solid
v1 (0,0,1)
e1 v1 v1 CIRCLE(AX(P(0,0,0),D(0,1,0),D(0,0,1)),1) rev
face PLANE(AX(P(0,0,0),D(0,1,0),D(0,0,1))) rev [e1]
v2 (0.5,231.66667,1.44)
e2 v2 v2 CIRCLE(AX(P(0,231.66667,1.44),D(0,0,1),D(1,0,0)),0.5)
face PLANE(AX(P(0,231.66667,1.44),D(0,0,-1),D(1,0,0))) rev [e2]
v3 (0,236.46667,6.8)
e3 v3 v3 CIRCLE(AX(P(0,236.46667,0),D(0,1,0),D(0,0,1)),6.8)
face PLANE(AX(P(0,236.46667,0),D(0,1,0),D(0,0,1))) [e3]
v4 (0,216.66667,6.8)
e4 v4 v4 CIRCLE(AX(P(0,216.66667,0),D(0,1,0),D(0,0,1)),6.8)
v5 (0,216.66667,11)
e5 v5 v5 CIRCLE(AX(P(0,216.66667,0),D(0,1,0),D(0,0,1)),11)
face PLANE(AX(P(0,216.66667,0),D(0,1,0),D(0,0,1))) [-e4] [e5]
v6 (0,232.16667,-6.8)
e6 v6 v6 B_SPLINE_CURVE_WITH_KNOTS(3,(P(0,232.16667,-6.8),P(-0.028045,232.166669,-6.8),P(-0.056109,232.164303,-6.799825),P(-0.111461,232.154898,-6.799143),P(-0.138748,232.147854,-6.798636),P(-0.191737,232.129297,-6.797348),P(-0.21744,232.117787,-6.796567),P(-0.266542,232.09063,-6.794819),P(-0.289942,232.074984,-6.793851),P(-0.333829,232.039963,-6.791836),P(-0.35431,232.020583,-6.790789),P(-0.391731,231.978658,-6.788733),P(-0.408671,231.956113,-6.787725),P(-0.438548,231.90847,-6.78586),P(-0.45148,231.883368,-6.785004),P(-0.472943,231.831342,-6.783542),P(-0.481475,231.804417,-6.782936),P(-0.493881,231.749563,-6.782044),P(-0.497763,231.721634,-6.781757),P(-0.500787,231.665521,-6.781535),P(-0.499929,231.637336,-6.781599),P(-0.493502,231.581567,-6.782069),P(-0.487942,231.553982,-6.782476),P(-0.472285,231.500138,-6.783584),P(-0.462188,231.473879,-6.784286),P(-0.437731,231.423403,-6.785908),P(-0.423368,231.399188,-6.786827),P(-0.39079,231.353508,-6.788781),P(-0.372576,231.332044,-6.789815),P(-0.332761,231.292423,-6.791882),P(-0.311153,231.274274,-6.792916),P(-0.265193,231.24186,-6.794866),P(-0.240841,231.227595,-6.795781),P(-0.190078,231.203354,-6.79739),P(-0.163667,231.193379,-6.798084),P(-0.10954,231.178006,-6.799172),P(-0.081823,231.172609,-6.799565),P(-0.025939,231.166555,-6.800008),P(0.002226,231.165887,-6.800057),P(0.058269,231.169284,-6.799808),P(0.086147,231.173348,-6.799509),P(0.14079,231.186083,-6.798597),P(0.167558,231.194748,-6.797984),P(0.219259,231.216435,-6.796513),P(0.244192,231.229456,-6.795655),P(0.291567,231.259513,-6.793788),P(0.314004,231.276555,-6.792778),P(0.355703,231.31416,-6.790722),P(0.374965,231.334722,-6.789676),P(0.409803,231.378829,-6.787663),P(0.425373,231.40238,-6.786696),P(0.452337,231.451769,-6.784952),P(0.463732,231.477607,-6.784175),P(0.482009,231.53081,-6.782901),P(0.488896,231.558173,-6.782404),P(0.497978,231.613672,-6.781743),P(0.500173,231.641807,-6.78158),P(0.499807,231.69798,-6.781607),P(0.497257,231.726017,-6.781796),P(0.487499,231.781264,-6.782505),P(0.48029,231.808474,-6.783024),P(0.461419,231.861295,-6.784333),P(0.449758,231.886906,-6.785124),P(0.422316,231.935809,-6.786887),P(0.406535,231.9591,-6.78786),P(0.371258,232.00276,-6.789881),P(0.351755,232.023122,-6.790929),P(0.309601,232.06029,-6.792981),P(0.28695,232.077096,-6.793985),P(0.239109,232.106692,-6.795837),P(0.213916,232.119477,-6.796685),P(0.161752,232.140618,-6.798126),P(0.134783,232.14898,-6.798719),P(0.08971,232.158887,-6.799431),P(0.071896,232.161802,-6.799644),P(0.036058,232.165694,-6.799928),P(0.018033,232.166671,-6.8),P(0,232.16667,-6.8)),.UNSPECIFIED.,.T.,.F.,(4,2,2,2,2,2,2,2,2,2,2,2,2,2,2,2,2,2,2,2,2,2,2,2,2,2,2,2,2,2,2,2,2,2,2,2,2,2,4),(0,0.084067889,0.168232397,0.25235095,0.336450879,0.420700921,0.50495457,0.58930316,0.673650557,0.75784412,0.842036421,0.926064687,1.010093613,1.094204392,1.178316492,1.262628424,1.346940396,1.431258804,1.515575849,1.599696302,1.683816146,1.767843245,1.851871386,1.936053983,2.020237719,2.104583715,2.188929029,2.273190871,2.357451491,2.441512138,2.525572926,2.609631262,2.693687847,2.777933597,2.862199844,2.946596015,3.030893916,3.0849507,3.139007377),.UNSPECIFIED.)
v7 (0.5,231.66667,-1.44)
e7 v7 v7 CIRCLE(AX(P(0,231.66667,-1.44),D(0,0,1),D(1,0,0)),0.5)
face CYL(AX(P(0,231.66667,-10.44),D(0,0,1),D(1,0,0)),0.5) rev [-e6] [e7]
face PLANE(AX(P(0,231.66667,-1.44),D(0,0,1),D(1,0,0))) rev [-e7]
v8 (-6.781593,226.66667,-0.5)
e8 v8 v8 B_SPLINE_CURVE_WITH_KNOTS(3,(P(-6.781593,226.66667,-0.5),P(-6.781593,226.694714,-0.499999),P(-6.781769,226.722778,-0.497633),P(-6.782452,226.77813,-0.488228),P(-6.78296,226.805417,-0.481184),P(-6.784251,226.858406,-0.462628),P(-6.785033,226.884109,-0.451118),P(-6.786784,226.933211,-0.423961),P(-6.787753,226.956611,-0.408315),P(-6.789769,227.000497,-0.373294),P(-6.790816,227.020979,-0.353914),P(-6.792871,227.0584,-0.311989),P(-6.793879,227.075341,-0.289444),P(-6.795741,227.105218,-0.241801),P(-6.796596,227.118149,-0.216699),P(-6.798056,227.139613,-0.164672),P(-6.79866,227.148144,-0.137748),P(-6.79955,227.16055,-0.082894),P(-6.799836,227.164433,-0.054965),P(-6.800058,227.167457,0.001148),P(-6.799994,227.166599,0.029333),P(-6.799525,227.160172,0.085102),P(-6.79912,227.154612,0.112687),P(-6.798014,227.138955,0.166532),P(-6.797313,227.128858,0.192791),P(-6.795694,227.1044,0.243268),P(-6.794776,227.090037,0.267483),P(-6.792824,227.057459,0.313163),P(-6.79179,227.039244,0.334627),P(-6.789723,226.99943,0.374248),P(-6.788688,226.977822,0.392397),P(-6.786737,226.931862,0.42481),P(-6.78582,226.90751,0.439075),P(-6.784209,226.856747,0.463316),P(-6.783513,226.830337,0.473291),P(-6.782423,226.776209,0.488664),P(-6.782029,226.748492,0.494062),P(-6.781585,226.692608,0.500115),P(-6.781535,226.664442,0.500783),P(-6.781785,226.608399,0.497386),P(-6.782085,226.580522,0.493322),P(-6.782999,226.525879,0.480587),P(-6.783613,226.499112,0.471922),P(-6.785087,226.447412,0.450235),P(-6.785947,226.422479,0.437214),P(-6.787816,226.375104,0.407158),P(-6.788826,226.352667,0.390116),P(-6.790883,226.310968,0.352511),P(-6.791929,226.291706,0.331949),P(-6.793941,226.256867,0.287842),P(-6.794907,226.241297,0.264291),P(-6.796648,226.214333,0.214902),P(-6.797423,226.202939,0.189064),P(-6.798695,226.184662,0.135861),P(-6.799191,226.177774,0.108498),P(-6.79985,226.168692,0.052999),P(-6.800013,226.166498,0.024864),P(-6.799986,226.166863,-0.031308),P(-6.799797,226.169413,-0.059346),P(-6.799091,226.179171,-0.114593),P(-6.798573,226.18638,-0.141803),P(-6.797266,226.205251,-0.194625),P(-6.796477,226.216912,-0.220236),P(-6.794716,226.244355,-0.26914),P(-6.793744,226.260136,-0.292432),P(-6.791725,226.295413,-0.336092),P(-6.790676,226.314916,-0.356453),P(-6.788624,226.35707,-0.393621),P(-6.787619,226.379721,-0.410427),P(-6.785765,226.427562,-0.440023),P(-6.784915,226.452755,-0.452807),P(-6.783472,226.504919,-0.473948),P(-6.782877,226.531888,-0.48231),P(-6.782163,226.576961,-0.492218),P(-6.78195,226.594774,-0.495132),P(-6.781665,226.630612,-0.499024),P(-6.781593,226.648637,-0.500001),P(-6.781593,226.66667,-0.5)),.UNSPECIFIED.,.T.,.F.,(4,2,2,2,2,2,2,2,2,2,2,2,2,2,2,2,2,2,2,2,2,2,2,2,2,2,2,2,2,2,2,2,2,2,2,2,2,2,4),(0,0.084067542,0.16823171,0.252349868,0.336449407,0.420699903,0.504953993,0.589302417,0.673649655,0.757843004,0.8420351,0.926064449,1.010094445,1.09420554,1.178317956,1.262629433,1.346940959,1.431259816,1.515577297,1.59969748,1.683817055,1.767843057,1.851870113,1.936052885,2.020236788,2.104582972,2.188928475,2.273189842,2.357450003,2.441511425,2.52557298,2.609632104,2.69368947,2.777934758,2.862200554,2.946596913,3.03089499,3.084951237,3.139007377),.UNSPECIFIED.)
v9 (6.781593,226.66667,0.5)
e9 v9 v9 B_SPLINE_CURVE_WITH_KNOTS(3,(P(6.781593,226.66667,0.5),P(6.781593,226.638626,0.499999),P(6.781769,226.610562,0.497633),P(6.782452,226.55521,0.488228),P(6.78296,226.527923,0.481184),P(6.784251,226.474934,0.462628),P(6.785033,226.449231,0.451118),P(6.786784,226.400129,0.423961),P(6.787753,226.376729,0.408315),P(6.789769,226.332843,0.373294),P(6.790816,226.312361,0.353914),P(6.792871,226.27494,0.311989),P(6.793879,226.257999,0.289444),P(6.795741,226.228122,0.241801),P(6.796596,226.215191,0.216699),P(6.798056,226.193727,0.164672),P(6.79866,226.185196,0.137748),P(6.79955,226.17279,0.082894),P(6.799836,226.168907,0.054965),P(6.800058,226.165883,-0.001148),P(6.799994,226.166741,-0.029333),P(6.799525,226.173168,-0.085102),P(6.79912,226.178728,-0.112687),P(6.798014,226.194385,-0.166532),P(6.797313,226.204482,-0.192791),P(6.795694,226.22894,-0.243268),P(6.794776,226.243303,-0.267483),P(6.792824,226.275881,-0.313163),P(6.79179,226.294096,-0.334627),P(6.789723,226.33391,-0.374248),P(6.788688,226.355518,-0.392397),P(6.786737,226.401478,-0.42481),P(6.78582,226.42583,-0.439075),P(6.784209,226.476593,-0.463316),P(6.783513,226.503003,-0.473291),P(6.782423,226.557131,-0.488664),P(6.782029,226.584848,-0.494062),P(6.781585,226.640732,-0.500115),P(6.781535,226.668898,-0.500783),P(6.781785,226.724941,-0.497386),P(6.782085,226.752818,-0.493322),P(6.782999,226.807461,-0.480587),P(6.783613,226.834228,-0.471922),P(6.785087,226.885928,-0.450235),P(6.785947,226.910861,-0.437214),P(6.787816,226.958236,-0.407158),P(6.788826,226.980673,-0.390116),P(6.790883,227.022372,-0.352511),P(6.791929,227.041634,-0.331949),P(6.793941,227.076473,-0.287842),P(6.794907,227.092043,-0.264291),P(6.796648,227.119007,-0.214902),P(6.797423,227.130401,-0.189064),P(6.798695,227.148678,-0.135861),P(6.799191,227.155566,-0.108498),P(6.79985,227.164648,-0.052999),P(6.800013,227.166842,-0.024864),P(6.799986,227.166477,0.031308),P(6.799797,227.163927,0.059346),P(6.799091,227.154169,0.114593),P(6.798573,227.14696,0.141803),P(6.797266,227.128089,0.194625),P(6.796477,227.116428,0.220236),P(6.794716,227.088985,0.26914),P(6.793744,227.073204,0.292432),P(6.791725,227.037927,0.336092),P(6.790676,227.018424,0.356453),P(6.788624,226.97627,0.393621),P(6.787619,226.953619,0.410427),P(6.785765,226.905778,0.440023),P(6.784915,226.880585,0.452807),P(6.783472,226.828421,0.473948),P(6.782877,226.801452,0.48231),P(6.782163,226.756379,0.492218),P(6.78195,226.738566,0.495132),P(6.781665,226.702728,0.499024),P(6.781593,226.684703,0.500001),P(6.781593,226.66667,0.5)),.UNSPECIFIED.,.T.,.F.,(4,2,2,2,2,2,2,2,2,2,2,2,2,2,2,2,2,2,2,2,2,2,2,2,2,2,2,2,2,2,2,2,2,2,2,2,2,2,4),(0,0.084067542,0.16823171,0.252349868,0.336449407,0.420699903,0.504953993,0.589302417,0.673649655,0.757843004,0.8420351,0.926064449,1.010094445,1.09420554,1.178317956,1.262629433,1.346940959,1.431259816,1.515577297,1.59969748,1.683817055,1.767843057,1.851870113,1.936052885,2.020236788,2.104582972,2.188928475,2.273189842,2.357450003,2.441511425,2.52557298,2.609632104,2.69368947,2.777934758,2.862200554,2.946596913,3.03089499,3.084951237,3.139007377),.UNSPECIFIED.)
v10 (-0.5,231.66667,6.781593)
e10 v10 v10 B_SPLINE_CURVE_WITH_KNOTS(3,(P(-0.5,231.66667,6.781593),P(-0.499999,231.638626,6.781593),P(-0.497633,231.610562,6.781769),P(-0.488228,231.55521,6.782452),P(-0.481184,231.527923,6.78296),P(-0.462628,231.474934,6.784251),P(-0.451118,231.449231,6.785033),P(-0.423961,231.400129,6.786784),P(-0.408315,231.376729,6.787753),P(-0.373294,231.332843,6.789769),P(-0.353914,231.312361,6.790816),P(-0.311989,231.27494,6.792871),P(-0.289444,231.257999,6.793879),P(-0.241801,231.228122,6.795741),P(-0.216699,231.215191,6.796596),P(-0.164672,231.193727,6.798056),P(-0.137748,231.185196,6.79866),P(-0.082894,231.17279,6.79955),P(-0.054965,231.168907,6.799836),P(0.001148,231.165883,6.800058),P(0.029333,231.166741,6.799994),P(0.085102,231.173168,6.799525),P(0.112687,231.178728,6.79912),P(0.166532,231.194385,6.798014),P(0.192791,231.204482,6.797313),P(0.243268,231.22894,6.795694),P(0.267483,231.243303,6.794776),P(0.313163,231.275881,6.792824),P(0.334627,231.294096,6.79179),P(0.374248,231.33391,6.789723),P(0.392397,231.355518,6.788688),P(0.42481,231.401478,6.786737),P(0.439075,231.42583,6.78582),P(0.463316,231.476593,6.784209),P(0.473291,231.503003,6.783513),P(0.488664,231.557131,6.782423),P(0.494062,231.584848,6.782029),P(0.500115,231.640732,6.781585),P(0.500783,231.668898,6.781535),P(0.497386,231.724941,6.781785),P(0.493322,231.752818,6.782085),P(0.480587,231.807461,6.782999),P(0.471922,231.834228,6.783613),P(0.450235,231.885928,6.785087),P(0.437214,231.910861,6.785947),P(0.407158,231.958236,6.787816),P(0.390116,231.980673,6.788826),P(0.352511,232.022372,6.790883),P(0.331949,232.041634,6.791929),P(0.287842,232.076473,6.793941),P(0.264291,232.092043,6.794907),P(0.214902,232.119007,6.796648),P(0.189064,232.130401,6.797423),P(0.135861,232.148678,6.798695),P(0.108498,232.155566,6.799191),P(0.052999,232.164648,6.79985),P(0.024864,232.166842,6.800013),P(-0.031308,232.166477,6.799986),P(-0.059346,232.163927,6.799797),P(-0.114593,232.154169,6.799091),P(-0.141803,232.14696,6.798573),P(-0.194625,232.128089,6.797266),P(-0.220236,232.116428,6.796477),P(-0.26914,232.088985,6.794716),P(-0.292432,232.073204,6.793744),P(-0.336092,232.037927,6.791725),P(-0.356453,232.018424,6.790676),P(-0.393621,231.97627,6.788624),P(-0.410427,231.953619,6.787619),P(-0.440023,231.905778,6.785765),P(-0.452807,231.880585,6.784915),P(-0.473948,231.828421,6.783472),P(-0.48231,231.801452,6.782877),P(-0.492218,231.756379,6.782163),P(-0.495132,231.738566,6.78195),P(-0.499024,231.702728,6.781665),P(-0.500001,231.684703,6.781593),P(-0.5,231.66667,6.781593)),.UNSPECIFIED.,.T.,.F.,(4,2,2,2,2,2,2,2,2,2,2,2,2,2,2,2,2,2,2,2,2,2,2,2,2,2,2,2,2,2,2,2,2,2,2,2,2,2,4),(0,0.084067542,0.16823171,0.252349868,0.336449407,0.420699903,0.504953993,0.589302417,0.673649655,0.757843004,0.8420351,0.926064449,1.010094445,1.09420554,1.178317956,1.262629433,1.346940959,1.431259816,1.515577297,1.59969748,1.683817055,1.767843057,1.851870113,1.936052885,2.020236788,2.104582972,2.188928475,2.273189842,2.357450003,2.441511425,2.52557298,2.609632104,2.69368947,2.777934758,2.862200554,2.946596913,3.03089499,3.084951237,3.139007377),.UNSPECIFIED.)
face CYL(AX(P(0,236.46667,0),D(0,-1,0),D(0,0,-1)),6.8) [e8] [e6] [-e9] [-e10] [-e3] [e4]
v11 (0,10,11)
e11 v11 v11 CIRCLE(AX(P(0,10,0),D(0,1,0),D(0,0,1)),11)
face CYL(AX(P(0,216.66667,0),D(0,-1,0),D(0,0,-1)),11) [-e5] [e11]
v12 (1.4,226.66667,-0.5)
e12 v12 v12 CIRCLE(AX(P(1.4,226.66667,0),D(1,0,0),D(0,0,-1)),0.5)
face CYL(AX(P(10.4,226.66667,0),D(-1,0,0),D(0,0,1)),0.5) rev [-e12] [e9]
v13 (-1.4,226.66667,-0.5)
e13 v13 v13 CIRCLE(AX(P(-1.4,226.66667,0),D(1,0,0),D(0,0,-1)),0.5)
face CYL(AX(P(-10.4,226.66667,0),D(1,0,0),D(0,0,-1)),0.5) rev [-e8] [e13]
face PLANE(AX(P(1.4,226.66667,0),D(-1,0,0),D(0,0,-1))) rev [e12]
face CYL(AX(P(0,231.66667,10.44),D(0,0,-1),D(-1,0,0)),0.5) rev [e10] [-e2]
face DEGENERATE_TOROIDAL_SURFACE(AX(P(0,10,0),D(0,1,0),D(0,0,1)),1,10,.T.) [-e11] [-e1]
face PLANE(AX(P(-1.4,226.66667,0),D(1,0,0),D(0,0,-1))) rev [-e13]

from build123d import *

# Parameters (mm, degrees)
SKETCH1_R           = 11
BOSS_EXTRUDE1_DEPTH = 216.66667
BOSS_EXTRUDE2_START = 216.66667
SKETCH2_R           = 6.8
BOSS_EXTRUDE2_DEPTH = 19.8
FILLET1_R           = 10
CUT_EXTRUDE1_START  = -1.44
SKETCH3_R           = 0.5
CUT_EXTRUDE1_DEPTH  = 9
CUT_EXTRUDE2_START  = -1.4
SKETCH4_R           = 0.5
CUT_EXTRUDE2_DEPTH  = 9


with BuildPart() as part:
    # Sketch1 → Boss-Extrude1 (new body)
    with BuildSketch(Plane(origin=(0, 0, 0), x_dir=(1, 0, 0), z_dir=(0, 1, 0))):
        with Locations(Location((0, 0, 0), (0, 0, 270))):
            Circle(SKETCH1_R)
    extrude(amount=BOSS_EXTRUDE1_DEPTH)

    # Sketch2 → Boss-Extrude2 (add)
    with BuildSketch(Plane(origin=(0, 0, 0), x_dir=(1, 0, 0), z_dir=(0, 1, 0)).offset(BOSS_EXTRUDE2_START)):
        with Locations(Location((0, 0, 0), (0, 0, 90))):
            Circle(SKETCH2_R)
    extrude(amount=BOSS_EXTRUDE2_DEPTH)

    # Fillet1
    fillet1_edges = [part.edges().sort_by_distance(p)[0] for p in [
        (0, 0, -11),
    ]]
    fillet(fillet1_edges, radius=FILLET1_R)

    # Sketch3 → Cut-Extrude1 (cut)
    with BuildSketch(Plane.XY.offset(CUT_EXTRUDE1_START)):
        with Locations((0, 231.66667)):
            Circle(SKETCH3_R)
    cut_extrude1 = extrude(amount=-CUT_EXTRUDE1_DEPTH, mode=Mode.SUBTRACT)

    # Mirror1: Cut-Extrude1 across plane
    add(cut_extrude1.mirror(Plane.XY), mode=Mode.SUBTRACT)

    # Sketch4 → Cut-Extrude2 (cut)
    with BuildSketch(Plane(origin=(0, 0, 0), x_dir=(0, 0, -1), z_dir=(1, 0, 0)).offset(CUT_EXTRUDE2_START)):
        with Locations((0, 226.66667)):
            Circle(SKETCH4_R)
    cut_extrude2 = extrude(amount=-CUT_EXTRUDE2_DEPTH, mode=Mode.SUBTRACT)

    # Mirror2: Cut-Extrude2 across plane
    add(cut_extrude2.mirror(Plane(origin=(0, 0, 0), x_dir=(0, 0, 1), z_dir=(1, 0, 0))), mode=Mode.SUBTRACT)


solid = part.part
